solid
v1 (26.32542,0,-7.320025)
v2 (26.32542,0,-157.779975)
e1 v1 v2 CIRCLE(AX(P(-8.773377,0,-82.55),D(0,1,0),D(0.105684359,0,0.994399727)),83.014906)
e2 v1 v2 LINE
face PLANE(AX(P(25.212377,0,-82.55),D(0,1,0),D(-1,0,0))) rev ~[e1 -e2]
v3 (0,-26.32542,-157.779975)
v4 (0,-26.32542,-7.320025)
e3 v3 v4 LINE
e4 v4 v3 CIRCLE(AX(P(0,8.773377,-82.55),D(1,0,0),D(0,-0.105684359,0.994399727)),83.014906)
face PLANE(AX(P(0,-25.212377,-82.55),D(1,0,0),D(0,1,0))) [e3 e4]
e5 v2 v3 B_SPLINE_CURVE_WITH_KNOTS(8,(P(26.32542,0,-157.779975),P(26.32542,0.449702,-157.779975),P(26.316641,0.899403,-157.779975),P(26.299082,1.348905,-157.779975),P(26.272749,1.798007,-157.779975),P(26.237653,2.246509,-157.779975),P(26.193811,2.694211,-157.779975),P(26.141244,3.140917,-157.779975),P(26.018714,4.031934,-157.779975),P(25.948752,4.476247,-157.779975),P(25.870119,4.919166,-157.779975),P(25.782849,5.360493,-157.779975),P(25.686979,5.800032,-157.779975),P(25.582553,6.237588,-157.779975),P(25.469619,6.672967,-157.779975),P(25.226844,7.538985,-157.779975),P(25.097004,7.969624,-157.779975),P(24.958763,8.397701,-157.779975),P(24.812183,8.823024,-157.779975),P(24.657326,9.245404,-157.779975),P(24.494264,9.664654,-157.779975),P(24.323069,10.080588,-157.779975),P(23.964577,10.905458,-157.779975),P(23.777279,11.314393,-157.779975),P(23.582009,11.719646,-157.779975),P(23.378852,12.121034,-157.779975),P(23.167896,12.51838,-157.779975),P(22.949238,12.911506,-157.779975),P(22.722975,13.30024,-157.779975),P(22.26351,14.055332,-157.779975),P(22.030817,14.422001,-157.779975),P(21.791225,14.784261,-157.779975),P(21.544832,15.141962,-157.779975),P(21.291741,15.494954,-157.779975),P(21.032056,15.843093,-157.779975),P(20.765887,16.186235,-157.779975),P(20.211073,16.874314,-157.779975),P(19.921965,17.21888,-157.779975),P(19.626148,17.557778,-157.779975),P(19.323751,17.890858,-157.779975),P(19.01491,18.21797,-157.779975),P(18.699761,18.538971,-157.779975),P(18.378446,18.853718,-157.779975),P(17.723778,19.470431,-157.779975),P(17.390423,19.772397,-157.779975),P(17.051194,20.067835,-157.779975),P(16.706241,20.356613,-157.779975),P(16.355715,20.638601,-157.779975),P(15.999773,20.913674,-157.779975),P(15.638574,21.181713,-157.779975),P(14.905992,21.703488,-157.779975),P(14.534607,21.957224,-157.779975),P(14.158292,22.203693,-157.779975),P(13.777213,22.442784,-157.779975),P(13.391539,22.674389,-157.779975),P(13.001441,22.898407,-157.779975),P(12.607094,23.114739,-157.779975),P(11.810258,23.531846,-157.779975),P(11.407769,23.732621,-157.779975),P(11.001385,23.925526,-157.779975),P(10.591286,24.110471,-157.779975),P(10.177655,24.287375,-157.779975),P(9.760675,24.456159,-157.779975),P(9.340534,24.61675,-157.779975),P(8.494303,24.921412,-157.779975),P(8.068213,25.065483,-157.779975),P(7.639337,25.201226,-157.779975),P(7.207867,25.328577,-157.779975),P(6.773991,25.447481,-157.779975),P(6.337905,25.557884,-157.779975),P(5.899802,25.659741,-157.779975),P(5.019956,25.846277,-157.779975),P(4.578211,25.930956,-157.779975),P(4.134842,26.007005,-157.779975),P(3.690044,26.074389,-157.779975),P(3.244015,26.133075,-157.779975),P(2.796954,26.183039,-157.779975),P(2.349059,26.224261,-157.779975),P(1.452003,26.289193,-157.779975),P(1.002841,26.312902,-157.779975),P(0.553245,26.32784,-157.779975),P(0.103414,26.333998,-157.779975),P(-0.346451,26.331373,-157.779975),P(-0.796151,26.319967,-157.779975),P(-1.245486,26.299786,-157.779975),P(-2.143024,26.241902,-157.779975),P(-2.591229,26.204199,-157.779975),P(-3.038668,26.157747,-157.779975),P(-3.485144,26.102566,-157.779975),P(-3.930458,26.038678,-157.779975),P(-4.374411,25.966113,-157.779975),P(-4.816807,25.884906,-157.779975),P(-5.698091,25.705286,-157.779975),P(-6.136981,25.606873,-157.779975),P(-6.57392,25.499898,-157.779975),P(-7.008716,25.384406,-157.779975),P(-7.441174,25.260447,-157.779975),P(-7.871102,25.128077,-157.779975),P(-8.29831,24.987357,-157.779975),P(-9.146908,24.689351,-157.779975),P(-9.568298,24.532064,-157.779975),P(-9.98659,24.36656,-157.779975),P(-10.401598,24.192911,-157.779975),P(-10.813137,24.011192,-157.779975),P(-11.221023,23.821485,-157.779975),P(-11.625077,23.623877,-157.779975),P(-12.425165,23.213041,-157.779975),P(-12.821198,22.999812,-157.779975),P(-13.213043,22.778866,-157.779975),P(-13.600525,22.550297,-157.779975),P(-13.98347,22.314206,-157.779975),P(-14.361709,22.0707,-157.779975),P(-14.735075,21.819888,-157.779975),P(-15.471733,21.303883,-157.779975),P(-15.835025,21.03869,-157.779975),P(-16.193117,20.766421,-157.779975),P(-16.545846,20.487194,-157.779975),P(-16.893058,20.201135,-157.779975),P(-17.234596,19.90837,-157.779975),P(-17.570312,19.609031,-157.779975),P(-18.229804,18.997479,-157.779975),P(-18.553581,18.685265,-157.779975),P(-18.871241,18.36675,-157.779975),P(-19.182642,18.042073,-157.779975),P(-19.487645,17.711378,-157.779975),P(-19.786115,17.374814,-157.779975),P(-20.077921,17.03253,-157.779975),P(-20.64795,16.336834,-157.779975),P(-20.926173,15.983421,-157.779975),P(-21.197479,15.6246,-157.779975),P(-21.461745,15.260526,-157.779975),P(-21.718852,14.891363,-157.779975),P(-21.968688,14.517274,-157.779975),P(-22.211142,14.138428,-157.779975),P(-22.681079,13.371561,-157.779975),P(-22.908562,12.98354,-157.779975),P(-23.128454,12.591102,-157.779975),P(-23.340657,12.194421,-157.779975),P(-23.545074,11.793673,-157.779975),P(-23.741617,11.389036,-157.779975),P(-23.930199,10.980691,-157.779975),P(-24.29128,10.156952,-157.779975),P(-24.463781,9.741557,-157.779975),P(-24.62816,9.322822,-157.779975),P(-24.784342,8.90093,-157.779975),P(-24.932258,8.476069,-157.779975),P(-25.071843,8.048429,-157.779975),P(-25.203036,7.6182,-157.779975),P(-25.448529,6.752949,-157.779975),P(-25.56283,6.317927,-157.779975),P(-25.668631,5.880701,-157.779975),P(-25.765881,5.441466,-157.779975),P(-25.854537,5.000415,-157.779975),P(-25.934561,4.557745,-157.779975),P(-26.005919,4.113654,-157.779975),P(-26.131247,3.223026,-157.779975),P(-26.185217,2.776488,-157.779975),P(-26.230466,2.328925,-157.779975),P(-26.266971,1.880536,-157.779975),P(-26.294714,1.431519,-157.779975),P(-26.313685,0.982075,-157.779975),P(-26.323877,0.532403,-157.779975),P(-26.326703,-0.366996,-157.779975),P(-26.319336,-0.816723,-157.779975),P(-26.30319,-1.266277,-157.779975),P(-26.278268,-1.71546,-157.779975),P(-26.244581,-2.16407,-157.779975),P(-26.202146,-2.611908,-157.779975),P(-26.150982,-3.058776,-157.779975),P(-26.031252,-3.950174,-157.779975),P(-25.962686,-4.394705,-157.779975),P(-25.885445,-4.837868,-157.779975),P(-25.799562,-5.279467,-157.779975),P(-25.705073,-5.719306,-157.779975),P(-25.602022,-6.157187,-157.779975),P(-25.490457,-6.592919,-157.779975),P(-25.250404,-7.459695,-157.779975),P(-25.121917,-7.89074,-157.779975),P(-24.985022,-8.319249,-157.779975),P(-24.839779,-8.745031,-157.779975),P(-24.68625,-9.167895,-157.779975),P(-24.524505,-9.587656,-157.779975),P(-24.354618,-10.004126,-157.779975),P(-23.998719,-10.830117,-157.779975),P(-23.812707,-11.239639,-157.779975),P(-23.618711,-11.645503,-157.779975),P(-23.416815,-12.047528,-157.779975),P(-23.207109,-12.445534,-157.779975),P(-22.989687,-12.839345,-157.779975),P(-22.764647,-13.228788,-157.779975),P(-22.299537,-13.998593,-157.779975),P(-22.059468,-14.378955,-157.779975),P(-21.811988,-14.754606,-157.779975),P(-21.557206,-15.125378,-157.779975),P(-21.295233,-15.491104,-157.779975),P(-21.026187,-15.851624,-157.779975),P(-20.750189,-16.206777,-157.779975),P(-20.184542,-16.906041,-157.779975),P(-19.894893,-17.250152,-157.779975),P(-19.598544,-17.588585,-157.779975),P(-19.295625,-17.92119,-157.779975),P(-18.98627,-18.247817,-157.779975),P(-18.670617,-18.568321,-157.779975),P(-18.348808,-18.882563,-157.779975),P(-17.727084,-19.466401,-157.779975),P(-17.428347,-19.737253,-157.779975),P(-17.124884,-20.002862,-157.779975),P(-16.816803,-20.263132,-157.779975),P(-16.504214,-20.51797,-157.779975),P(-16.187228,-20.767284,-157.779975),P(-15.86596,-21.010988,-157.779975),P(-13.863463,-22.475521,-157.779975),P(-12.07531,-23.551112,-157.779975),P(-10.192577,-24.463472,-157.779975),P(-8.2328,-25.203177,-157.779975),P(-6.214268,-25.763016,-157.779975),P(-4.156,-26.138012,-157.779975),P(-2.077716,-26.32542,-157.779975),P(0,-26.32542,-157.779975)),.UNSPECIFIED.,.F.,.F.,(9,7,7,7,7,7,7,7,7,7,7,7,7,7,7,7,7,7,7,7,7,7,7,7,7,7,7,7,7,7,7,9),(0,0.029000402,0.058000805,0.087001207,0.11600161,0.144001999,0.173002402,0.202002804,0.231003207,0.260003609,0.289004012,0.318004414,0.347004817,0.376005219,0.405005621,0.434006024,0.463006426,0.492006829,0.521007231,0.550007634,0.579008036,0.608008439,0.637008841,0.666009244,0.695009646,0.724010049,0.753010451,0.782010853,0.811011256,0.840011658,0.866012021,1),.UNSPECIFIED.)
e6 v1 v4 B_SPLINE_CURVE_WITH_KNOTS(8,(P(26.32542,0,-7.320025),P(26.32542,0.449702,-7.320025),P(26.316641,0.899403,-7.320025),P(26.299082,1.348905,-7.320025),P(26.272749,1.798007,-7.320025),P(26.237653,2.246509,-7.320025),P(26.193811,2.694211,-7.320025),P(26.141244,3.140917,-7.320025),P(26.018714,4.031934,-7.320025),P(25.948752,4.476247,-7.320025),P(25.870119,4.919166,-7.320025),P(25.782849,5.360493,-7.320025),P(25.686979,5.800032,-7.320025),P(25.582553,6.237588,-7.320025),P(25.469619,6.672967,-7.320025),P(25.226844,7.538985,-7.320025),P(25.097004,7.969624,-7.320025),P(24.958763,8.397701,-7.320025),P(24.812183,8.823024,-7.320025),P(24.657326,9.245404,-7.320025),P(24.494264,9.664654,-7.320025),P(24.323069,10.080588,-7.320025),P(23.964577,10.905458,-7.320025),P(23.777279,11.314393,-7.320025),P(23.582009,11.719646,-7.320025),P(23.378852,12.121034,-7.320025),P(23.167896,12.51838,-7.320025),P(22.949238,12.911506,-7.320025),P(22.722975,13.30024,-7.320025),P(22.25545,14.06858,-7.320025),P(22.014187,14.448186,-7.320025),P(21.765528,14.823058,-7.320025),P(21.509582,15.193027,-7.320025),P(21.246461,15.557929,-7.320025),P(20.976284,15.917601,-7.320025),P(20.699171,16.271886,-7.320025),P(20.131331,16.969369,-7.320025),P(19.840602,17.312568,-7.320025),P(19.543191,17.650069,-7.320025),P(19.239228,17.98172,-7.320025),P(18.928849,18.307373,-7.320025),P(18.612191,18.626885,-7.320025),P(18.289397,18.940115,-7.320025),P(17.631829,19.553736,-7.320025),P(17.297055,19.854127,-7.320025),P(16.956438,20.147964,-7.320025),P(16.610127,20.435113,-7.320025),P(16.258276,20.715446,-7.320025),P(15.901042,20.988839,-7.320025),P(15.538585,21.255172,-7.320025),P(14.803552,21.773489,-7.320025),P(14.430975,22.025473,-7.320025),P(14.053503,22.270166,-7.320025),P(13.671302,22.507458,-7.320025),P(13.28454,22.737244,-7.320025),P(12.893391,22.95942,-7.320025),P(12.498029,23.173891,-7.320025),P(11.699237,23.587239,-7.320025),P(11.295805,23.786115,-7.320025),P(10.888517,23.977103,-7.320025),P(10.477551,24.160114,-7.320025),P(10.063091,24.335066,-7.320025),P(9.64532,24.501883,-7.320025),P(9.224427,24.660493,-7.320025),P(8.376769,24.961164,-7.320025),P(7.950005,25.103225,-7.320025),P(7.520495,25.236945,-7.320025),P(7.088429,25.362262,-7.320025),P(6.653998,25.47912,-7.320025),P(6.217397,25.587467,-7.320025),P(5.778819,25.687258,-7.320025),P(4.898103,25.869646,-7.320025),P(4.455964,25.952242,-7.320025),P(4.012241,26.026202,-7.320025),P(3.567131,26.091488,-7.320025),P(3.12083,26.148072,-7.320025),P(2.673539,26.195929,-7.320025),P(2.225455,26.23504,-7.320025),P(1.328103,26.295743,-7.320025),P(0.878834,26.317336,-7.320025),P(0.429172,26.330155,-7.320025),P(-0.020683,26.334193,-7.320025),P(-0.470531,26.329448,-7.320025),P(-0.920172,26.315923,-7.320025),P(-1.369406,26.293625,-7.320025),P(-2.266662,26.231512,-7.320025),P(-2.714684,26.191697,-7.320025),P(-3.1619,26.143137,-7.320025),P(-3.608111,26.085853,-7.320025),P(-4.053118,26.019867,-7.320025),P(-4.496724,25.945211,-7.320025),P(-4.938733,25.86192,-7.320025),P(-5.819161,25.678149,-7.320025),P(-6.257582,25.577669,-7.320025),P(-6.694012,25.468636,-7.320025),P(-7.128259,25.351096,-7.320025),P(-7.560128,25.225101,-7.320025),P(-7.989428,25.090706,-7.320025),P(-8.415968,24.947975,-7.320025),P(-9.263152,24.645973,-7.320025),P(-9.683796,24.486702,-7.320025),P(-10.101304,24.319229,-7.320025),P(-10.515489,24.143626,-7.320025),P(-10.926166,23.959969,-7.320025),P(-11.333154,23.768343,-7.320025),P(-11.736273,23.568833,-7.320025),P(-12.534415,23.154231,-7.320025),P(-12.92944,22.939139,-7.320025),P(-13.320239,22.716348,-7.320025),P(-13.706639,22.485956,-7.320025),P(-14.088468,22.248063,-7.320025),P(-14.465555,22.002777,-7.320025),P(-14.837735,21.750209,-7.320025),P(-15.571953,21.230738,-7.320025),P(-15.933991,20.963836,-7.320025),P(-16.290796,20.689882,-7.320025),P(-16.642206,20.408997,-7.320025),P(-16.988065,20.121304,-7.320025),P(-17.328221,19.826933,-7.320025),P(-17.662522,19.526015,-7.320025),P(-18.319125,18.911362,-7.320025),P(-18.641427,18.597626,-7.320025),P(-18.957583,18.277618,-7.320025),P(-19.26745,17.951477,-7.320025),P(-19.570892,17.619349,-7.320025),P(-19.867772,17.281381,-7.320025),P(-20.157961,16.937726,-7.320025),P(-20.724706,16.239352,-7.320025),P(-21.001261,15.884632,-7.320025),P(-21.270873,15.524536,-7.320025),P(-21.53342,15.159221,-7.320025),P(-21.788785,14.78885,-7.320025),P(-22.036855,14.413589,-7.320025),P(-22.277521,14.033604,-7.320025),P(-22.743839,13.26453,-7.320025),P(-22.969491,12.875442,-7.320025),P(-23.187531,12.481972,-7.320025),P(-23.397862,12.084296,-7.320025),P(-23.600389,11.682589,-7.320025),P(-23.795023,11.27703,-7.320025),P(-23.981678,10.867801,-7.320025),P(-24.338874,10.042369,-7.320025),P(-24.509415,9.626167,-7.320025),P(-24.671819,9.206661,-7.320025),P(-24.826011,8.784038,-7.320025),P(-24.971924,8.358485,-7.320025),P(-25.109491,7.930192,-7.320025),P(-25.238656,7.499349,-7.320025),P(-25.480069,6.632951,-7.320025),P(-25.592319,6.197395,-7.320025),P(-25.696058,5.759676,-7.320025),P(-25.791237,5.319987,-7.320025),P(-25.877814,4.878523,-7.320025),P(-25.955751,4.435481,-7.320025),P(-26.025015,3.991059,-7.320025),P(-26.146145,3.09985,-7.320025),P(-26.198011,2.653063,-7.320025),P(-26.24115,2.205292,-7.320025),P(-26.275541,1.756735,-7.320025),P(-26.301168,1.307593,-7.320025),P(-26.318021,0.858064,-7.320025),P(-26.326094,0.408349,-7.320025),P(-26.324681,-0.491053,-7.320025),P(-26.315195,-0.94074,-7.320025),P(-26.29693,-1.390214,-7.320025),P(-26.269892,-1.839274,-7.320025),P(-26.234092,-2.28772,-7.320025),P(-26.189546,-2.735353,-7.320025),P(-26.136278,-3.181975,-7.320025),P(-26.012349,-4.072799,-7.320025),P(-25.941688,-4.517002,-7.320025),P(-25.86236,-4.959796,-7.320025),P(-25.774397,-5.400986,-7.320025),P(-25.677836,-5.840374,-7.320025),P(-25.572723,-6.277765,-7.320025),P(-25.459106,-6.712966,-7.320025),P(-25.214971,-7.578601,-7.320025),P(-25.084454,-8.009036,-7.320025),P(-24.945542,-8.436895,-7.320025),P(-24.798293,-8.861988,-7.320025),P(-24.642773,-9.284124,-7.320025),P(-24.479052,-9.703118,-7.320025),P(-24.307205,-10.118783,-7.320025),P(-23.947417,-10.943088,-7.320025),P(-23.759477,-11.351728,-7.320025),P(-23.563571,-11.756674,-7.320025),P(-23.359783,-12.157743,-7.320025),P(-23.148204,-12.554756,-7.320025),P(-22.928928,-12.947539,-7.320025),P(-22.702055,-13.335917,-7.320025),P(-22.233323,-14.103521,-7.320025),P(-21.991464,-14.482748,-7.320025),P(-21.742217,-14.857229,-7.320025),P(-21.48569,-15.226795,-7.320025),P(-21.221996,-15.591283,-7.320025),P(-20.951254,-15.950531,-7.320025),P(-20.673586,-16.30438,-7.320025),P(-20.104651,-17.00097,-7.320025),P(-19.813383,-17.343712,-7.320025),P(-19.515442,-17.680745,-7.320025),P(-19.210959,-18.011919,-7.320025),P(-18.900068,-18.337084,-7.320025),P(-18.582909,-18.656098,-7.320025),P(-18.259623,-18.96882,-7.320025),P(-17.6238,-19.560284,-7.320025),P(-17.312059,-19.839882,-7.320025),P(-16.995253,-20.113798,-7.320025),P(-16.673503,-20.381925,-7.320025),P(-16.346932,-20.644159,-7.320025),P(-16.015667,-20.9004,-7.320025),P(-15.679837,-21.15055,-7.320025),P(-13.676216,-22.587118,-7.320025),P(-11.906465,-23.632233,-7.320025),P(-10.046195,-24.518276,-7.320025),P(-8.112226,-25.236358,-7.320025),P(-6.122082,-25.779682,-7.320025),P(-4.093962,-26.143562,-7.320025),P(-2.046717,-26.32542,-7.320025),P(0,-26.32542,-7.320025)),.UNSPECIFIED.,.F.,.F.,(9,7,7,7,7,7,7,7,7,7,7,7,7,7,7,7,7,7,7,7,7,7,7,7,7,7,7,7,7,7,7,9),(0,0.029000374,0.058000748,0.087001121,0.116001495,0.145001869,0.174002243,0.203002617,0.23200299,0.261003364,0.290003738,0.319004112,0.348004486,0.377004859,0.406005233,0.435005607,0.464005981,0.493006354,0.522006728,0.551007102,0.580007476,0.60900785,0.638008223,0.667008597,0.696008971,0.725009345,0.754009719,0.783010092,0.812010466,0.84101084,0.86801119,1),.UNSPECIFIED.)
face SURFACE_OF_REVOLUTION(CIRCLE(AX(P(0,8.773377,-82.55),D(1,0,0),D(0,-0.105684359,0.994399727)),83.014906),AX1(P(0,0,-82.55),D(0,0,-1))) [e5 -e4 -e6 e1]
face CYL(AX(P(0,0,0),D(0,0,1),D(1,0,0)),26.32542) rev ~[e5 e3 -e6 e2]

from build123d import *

# Parameters (mm, degrees)
F1_ANGLE = 270
F2_R     = 26.32542
F3_DEPTH = 165.101


with BuildPart() as f1:
    # F0 (on Right) → F1 (revolve)
    with BuildSketch(Plane.YZ):
        with BuildLine():
            Line((0, -165.1), (0, 0))
            ThreePointArc((0, 0), (-74.241529, -82.55), (0, -165.1))
        make_face()
    revolve(axis=Axis((0, 0, -82.55), (0, 0, -1)), revolution_arc=F1_ANGLE)

    # F2 (on Top) → F3 (cut, through all)
    with BuildSketch(Plane.XY):
        Circle(F2_R)
    extrude(amount=-F3_DEPTH, mode=Mode.SUBTRACT)


solid = f1.part
